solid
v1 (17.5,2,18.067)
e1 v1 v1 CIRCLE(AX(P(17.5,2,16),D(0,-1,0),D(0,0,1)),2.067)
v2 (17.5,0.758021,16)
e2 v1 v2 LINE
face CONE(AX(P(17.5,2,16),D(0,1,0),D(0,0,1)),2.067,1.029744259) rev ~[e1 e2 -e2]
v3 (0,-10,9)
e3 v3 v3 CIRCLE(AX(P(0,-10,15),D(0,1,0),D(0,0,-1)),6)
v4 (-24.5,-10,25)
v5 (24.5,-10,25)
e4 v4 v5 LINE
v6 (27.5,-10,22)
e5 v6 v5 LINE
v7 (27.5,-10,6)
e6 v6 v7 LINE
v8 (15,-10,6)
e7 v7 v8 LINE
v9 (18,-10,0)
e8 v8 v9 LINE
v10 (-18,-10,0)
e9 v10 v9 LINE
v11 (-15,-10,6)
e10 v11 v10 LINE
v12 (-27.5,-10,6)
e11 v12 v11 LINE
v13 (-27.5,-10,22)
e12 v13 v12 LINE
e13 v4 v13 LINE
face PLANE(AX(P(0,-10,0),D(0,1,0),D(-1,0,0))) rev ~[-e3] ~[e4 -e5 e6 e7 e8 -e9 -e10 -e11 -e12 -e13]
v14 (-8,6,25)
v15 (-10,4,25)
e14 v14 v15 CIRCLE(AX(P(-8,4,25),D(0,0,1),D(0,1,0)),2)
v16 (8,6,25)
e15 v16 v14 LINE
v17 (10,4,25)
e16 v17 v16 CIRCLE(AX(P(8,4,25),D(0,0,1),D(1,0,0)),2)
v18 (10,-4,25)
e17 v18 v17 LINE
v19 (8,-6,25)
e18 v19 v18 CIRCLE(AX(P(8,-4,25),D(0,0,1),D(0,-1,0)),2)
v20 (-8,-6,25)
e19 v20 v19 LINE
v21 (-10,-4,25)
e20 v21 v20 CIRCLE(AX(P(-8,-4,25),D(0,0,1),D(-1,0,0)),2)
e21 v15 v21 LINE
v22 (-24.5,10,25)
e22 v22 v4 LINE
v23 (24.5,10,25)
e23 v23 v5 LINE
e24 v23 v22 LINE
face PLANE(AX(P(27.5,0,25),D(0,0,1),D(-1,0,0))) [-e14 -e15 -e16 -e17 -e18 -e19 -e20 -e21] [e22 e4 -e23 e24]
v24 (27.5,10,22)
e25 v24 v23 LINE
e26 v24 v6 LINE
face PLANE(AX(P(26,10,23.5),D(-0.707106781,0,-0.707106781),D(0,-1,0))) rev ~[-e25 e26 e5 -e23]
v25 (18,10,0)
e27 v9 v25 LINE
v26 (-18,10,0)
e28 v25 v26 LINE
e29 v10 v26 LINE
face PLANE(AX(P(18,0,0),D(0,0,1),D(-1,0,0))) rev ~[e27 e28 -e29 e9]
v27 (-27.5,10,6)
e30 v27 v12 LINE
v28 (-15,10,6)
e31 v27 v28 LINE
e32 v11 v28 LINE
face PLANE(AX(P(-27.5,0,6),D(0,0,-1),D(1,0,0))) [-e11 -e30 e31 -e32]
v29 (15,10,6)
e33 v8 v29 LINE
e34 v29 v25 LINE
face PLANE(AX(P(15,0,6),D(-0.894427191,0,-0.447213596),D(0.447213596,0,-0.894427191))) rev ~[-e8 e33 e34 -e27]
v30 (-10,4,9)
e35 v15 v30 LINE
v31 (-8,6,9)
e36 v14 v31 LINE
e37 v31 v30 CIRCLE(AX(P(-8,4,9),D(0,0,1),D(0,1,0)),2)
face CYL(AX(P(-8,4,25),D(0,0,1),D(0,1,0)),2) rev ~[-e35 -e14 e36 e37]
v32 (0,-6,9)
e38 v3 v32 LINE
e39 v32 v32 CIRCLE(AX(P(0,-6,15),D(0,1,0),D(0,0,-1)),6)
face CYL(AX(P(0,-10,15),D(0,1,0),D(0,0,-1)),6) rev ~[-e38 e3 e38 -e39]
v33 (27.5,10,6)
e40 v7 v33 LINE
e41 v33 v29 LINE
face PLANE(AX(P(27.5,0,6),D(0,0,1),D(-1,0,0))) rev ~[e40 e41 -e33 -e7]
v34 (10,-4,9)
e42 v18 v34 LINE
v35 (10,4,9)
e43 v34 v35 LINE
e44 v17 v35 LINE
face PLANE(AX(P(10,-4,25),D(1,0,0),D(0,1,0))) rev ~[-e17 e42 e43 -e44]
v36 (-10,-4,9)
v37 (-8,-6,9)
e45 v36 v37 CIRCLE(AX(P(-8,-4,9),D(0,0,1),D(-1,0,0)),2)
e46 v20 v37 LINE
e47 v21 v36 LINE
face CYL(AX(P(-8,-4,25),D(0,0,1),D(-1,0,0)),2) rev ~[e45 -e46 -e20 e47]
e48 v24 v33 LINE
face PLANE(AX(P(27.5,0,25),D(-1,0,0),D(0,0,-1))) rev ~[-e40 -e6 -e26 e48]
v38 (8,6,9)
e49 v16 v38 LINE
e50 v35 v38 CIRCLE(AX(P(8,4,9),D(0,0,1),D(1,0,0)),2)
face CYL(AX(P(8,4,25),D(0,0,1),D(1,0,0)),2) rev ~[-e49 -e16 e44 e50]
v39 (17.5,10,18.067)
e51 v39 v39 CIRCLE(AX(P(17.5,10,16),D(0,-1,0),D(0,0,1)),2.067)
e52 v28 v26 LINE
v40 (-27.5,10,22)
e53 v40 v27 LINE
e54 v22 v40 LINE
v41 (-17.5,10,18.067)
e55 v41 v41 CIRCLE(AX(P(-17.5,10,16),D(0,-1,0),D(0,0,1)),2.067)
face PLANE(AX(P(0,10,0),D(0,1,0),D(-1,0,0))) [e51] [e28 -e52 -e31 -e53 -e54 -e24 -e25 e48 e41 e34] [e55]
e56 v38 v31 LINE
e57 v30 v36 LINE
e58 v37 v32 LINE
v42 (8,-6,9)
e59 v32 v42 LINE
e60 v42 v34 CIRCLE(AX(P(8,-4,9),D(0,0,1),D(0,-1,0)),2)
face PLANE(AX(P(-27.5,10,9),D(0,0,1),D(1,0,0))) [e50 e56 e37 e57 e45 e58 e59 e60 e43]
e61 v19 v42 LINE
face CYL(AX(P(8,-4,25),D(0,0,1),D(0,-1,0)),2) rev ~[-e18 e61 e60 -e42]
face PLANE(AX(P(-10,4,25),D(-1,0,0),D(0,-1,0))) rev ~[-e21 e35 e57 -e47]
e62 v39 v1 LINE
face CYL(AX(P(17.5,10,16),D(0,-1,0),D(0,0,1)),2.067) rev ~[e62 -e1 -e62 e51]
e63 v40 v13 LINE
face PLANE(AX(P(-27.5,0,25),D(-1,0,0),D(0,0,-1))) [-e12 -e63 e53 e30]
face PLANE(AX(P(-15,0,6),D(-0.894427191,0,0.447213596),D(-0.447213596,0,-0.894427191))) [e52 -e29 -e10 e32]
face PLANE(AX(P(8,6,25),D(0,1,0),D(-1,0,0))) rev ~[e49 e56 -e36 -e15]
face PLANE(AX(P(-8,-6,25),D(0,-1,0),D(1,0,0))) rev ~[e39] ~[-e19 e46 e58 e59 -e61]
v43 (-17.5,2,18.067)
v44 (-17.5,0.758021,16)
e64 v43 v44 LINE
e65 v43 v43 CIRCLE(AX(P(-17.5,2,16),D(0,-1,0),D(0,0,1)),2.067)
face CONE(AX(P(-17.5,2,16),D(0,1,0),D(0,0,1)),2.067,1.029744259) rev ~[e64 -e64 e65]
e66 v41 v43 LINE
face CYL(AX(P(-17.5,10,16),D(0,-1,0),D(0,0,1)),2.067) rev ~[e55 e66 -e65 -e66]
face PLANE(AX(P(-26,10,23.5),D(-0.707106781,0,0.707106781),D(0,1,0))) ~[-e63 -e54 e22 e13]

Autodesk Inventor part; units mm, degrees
ref_plane "YZ Plane" through (0, 0, 0) normal (1, 0, 0) x (0, 1, 0)
ref_plane "XZ Plane" through (0, 0, 0) normal (0, 1, 0) x (-1, 0, 0)
ref_plane "XY Plane" through (0, 0, 0) normal (0, 0, 1) x (1, 0, 0)
sketch "Sketch1" plane through (0, 0, 0) normal (0, 1, 0) x (-1, 0, 0)
  line L0 (-27.5, 6) -> (-15, 6)
  line L1 (-15, 6) -> (-18, 0)
  line L2 (-27.5, 25) -> (-27.5, 6)
  line L3 (-27.5, 25) -> (0, 25)
  line L4 (-18, 0) -> (0, 0)
  line L5 (0, -5) -> (0, 30) projected
  line L6 (38.5, 0) -> (-38.5, 0) projected
  line L7 (27.5, 6) -> (15, 6)
  line L8 (15, 6) -> (18, 0)
  line L9 (27.5, 25) -> (27.5, 6)
  line L10 (27.5, 25) -> (0, 25)
  line L11 (18, 0) -> (0, 0)
  dimension "d9" = 19
  dimension "d10" = 25
  dimension "d11" = 27.5
  dimension "d17" = 12.5
  dimension "d19" = 9.5
extrude "Extrusion1" add sketch "Sketch1" along normal mid plane 20
sketch "Sketch2" plane through (0, -10, 0) normal (0, -1, 0) x (1, 0, 0)
  line L0 (18, 0) -> (-18, 0) projected
  line L1 (-27.5, 25) -> (27.5, 25) projected
  point P0 (0, 0)
  point P1 (0, 15)
  point P2 (0, 0)
  dimension "d20" = 10
hole "Hole1" at (0, -10, 15) direction (0, 1, 0) diameter 12 depth 10
sketch "Sketch3" plane through (-27.5, 10, 25) normal (0, 0, 1) x (1, 0, 0)
  line L0 (19.5, -16) -> (35.5, -16)
  line L1 (37.5, -14) -> (37.5, -6)
  line L2 (35.5, -4) -> (19.5, -4)
  line L3 (17.5, -6) -> (17.5, -14)
  arc A0 (17.5, -14) -> (19.5, -16) centre (19.5, -14) ccw
  arc A1 (35.5, -16) -> (37.5, -14) centre (35.5, -14) ccw
  arc A2 (37.5, -6) -> (35.5, -4) centre (35.5, -6) ccw
  arc A3 (19.5, -4) -> (17.5, -6) centre (19.5, -6) ccw
  line L4 (-11, -10) -> (66, -10) construction
  line L5 (27.5, 4) -> (27.5, -24) construction
  point P0 (27.5, -10)
  point P1 (27.5, -4)
  point P2 (17.5, -10)
  dimension "d28" = 2
  dimension "d29" = 20
  dimension "d30" = 12
extrude "Extrusion2" cut sketch "Sketch3" against normal blind 16
sketch "Sketch4" plane through (0, 10, 0) normal (0, 1, 0) x (1, 0, 0)
  line L0 (27.5, -25) -> (-27.5, -25) projected
  line L1 (27.5, -6) -> (27.5, -25) projected
  line L2 (-27.5, -25) -> (-27.5, -6) projected
  point P0 (0, 0)
  point P1 (-17.5, -16)
  point P2 (17.5, -16)
  dimension "d37" = 10
  dimension "d38" = 9
  dimension "d39" = 10
hole "Hole2" at (-17.5, 10, 16) at (17.5, 10, 16) direction (0, -1, 0) diameter 4.134 depth 8 tip angle 118 thread size "M5x0.8" class "6H" standard "ANSI Metric M Profile"
chamfer "Chamfer1" distance 3 angle 45 2 edges at (27.5, 0, 25) (-27.5, 0, 25)
equation "\"d39\" = d37"
equation "\"d3\" = 0.5"
equation "\"d4\" = 25"
properties part number "Slider"
